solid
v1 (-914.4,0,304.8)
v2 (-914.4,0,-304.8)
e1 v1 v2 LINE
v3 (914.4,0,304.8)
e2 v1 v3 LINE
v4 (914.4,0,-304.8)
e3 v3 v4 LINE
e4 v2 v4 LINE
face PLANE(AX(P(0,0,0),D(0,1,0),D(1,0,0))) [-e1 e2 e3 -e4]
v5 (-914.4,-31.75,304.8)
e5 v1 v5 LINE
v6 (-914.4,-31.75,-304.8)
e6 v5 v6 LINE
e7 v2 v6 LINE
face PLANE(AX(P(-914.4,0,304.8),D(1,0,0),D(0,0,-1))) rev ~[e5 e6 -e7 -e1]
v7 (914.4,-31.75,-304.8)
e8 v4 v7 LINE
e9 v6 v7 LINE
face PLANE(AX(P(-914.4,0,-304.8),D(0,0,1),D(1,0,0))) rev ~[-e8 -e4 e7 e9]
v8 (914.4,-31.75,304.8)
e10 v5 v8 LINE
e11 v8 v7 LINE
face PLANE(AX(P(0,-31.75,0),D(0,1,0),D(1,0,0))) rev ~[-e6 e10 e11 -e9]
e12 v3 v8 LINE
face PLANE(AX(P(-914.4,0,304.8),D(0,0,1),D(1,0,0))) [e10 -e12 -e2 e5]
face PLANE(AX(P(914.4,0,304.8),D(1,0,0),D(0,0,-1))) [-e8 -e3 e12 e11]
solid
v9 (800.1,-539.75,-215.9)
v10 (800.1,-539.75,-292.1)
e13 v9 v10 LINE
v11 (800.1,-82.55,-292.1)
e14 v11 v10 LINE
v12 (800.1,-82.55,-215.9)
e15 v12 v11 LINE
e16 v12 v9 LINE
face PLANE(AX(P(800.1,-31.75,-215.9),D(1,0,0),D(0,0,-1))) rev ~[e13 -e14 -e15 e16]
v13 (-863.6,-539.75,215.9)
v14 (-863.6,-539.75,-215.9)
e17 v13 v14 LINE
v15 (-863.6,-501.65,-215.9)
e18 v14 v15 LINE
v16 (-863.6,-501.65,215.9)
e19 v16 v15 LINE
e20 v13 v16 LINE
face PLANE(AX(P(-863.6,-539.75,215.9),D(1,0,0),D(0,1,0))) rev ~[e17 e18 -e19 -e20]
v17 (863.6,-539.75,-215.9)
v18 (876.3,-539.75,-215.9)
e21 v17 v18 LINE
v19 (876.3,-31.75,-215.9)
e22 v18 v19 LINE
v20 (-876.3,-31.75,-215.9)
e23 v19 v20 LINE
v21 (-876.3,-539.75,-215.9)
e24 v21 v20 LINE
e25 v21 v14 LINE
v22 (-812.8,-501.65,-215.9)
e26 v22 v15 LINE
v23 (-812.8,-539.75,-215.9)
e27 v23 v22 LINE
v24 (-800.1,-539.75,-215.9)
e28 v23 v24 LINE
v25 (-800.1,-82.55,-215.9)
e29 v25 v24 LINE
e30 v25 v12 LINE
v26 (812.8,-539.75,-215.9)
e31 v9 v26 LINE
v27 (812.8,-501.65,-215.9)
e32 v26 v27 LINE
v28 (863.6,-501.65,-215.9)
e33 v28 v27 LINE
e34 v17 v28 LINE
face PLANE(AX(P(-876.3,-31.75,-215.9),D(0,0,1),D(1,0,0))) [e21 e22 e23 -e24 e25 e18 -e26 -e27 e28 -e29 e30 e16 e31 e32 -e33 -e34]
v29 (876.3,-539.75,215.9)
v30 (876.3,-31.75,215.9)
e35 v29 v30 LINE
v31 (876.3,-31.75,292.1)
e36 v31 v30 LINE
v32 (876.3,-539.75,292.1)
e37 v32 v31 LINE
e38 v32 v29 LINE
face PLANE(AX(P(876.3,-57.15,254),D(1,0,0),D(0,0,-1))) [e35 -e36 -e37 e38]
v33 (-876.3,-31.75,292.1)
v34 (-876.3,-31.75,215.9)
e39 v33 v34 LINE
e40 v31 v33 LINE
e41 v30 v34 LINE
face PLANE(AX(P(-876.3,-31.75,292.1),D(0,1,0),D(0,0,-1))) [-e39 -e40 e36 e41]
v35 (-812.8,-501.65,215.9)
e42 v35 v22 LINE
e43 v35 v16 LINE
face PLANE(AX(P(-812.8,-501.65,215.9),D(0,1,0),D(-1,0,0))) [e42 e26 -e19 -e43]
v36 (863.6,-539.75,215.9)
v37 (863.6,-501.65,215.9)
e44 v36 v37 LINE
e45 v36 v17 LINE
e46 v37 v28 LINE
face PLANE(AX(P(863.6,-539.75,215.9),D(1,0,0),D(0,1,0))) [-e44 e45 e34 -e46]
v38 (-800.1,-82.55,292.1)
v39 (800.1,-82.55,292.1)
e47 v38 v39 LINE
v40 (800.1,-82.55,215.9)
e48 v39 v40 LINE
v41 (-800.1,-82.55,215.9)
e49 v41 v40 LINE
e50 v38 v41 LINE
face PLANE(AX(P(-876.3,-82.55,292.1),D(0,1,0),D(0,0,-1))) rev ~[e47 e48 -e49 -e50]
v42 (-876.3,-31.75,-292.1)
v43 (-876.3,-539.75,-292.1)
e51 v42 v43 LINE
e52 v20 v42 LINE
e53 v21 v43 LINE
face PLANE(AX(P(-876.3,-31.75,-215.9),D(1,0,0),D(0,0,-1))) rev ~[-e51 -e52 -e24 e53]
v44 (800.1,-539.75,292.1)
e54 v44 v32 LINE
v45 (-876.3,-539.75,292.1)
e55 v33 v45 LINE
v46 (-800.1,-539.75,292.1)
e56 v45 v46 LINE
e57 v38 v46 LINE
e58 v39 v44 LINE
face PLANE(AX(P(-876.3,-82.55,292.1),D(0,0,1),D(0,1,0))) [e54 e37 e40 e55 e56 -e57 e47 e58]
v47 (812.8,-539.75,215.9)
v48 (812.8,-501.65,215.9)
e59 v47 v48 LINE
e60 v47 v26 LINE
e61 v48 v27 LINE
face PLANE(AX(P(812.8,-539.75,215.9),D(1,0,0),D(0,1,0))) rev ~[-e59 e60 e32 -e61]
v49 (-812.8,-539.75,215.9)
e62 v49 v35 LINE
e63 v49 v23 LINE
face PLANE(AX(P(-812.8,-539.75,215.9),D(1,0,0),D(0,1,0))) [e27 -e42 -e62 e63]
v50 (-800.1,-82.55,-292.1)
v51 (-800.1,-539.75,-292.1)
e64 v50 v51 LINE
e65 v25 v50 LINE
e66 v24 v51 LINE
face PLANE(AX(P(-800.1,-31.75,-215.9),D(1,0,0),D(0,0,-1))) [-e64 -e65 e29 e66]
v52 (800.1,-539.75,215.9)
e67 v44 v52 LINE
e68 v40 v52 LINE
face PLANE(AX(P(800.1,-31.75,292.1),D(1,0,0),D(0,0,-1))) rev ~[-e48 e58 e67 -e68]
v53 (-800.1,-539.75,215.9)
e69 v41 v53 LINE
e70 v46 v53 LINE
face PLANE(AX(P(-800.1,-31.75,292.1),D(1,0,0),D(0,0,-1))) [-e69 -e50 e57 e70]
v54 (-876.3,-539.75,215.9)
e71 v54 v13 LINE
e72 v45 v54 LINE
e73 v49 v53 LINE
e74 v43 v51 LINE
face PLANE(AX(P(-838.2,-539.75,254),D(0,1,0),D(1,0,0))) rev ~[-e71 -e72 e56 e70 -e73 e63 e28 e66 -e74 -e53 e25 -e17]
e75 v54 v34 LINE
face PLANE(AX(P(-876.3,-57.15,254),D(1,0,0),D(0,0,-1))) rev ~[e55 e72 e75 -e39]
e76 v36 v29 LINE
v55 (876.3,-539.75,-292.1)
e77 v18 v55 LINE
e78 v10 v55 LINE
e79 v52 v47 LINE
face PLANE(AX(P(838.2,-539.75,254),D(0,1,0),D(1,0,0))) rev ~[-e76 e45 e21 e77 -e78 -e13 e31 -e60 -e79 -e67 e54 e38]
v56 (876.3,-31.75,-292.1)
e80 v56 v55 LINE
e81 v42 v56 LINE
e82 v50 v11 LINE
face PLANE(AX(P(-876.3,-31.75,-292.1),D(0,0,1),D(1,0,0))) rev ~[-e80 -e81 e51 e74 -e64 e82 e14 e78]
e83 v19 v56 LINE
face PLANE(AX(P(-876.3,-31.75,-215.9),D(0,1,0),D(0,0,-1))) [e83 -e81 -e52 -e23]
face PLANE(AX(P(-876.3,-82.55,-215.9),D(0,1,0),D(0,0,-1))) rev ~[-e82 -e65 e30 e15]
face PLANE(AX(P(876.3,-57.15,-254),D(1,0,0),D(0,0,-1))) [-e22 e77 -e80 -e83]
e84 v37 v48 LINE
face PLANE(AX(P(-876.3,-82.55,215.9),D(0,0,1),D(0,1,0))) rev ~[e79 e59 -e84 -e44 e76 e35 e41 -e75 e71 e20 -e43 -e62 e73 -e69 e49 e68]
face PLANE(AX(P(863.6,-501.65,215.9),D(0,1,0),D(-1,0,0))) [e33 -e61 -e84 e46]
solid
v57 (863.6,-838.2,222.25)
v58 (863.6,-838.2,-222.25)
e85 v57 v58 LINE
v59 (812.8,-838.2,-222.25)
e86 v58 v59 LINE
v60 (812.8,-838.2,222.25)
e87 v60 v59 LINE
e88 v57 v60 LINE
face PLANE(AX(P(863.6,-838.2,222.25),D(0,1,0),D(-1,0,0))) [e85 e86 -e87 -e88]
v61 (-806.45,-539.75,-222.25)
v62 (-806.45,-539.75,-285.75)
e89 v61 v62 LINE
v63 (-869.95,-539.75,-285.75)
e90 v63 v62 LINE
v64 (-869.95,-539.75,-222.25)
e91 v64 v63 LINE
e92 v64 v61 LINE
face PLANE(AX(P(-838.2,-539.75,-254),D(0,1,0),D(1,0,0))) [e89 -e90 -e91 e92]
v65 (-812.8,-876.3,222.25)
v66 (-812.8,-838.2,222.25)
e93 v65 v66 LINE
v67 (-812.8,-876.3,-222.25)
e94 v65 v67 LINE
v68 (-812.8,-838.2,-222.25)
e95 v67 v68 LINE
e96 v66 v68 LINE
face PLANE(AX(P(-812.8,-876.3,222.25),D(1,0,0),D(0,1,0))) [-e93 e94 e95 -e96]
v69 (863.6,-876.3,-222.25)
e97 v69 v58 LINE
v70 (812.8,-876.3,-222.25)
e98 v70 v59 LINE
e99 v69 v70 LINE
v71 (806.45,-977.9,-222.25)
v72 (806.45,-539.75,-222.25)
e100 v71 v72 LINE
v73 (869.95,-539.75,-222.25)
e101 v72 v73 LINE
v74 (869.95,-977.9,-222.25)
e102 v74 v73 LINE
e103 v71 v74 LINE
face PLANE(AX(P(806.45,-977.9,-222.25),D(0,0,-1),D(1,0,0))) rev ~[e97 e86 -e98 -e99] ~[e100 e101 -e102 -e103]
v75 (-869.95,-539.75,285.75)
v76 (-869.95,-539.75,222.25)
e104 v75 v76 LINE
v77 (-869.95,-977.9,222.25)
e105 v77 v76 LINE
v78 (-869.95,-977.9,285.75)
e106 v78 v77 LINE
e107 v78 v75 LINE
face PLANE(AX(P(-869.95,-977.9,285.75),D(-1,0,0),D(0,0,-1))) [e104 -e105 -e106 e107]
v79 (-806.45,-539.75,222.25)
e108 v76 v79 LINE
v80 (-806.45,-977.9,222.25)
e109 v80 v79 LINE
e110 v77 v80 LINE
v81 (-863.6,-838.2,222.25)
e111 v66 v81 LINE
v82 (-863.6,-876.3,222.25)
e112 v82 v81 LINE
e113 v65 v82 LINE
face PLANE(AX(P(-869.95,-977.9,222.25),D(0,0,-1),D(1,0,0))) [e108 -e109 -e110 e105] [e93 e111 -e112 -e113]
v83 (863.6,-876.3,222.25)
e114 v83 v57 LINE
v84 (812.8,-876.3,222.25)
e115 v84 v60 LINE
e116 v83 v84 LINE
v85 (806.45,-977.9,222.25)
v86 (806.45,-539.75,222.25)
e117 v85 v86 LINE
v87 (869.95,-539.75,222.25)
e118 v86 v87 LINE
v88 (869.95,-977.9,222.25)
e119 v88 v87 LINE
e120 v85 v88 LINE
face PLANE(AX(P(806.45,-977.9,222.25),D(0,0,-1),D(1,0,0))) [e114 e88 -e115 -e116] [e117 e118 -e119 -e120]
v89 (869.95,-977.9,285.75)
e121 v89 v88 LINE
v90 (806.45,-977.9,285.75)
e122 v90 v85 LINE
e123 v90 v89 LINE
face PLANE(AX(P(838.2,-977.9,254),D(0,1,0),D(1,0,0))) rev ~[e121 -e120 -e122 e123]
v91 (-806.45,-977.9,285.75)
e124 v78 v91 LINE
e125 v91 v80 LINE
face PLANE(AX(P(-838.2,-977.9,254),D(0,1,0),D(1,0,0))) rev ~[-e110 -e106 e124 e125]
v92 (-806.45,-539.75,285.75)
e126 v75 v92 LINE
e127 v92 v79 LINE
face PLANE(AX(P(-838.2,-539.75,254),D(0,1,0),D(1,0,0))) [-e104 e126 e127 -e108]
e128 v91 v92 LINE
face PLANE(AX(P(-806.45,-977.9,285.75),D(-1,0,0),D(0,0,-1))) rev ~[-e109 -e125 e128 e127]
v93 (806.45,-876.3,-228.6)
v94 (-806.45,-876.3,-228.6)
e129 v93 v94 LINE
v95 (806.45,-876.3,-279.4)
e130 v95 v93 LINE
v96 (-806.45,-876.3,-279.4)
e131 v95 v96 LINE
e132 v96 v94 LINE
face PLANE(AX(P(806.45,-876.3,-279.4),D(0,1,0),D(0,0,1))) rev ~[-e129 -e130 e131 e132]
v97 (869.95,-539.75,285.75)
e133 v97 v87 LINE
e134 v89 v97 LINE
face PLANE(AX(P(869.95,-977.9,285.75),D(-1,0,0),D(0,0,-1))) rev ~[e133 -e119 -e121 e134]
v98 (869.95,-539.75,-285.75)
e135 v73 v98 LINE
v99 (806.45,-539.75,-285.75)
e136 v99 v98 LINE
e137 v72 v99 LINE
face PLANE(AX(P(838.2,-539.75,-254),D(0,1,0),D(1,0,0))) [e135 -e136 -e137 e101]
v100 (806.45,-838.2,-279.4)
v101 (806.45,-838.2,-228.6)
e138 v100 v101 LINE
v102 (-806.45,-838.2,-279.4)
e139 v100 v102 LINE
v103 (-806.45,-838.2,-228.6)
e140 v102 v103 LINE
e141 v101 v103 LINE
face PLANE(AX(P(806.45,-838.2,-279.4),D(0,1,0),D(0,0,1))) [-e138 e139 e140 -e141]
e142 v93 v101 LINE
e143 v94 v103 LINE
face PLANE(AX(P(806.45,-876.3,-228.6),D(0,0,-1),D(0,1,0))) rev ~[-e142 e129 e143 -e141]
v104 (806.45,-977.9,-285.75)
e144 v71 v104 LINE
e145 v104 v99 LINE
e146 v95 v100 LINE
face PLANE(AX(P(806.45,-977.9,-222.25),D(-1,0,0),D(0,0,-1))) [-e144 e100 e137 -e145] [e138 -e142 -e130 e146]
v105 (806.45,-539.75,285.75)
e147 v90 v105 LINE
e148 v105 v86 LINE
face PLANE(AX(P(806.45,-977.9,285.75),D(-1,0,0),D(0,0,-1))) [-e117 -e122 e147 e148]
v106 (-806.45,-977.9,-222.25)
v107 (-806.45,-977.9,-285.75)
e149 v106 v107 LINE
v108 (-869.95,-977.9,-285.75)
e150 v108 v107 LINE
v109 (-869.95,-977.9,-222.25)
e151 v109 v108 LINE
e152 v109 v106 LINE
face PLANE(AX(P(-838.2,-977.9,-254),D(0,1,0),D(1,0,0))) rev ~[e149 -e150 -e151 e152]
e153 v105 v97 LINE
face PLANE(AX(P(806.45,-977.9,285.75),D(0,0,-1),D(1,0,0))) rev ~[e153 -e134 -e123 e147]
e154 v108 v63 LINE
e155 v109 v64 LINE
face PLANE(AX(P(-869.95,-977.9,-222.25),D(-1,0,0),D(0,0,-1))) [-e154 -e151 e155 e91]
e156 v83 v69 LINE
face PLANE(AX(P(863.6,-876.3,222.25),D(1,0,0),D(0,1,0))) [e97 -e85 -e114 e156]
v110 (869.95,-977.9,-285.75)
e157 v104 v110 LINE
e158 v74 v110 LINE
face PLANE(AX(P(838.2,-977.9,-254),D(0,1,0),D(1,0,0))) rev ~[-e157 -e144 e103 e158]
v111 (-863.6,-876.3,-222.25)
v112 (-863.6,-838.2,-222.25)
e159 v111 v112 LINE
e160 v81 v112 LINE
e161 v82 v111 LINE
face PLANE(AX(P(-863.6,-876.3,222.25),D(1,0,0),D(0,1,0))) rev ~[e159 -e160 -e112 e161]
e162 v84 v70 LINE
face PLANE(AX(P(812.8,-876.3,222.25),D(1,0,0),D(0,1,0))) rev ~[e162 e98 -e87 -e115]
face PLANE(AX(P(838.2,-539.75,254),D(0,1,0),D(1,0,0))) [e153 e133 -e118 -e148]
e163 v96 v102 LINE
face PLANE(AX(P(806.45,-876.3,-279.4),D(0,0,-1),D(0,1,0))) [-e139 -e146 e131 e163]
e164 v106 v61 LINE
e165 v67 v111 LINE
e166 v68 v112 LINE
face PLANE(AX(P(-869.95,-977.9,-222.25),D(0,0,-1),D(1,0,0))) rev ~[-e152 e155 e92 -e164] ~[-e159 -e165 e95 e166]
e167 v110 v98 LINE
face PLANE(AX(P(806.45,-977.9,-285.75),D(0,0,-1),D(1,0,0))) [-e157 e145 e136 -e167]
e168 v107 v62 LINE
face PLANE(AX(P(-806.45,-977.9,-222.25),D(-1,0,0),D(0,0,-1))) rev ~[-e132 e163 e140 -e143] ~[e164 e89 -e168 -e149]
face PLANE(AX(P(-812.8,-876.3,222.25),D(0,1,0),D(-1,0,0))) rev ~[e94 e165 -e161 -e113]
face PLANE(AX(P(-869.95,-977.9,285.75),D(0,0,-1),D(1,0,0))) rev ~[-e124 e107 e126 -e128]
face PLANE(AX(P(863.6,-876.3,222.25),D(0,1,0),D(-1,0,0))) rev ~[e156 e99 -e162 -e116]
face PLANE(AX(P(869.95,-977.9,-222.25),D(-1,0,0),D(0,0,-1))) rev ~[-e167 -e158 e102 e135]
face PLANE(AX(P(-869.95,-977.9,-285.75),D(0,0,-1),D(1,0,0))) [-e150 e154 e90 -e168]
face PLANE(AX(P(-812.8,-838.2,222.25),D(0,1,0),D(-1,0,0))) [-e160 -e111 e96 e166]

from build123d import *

# Parameters (mm, degrees)
SKETCH1_W                  = 1828.8
SKETCH1_H                  = 609.6
BOSS_EXTRUDE1_DEPTH        = 31.75
BOSS_EXTRUDE2_DEPTH        = 876.3
BOSS_EXTRUDE2_DEPTH_BACK   = 876.3
SKETCH2_W                  = 76.2
SKETCH2_H                  = 50.8
BOSS_EXTRUDE2_2_DEPTH      = 876.3
BOSS_EXTRUDE2_2_DEPTH_BACK = 876.3
SKETCH3_W                  = 76.2
SKETCH3_H                  = 76.2
BOSS_EXTRUDE3_DEPTH        = 508
SKETCH4_W                  = 50.8
SKETCH4_H                  = 38.1
BOSS_EXTRUDE4_DEPTH        = 431.8
SKETCH6_W                  = 63.5
SKETCH6_H                  = 63.5
BOSS_EXTRUDE5_DEPTH        = 438.15
BOSS_EXTRUDE5_2_DEPTH      = 438.15
BOSS_EXTRUDE5_3_DEPTH      = 438.15
BOSS_EXTRUDE5_4_DEPTH      = 438.15
SKETCH7_W                  = 50.8
SKETCH7_H                  = 38.1
BOSS_EXTRUDE6_DEPTH        = 444.5
SKETCH8_W                  = 50.8
SKETCH8_H                  = 38.1
BOSS_EXTRUDE7_DEPTH        = 1612.9


with BuildPart() as part:
    # Sketch1 → Boss-Extrude1 (new body)
    with BuildSketch(Plane(origin=(0, 0, 0), x_dir=(1, 0, 0), z_dir=(0, 1, 0))):
        Rectangle(SKETCH1_W, SKETCH1_H)
    extrude(amount=-BOSS_EXTRUDE1_DEPTH)


with BuildPart() as body_2:
    # Sketch2 → Boss-Extrude2 (new, two sides: drawn at the far end of the back side and taken through both)
    with BuildSketch(Plane(origin=(0, 0, 0), x_dir=(0, 0, -1), z_dir=(1, 0, 0)).offset(-BOSS_EXTRUDE2_DEPTH_BACK)):
        with Locations((-254, -57.15)):
            Rectangle(SKETCH2_W, SKETCH2_H)
    extrude(amount=BOSS_EXTRUDE2_DEPTH + BOSS_EXTRUDE2_DEPTH_BACK)



with BuildPart() as body_3:
    # Sketch2 → Boss-Extrude2 2 (new, two sides: drawn at the far end of the back side and taken through both)
    with BuildSketch(Plane(origin=(0, 0, 0), x_dir=(0, 0, -1), z_dir=(1, 0, 0)).offset(-BOSS_EXTRUDE2_2_DEPTH_BACK)):
        with Locations((254, -57.15)):
            Rectangle(SKETCH2_W, SKETCH2_H)
    extrude(amount=BOSS_EXTRUDE2_2_DEPTH + BOSS_EXTRUDE2_2_DEPTH_BACK)


with BuildPart() as body_2_1:
    add(body_2.part)

    add(body_3.part)  # Boss-Extrude3 merges body 3
    # Sketch3 → Boss-Extrude3 (add)
    with BuildSketch(Plane(origin=(0, -31.75, 0), x_dir=(1, 0, 0), z_dir=(0, 1, 0))):
        with Locations((838.2, -254)):
            Rectangle(SKETCH3_W, SKETCH3_H)
        with Locations((-838.2, -254)):
            Rectangle(SKETCH3_W, SKETCH3_H)
        with Locations((-838.2, 254)):
            Rectangle(SKETCH3_W, SKETCH3_H)
        with Locations((838.2, 254)):
            Rectangle(SKETCH3_W, SKETCH3_H)
    extrude(amount=-BOSS_EXTRUDE3_DEPTH)

    # Sketch4 → Boss-Extrude4 (add)
    with BuildSketch(Plane(origin=(0, 0, 215.9), x_dir=(-1, 0, 0), z_dir=(0, 0, -1))):
        with Locations((-838.2, -520.7)):
            Rectangle(SKETCH4_W, SKETCH4_H)
        with Locations((838.2, -520.7)):
            Rectangle(SKETCH4_W, SKETCH4_H)
    extrude(amount=BOSS_EXTRUDE4_DEPTH)


with BuildPart() as body_3_2:
    # Sketch6 → Boss-Extrude5 (new body)
    with BuildSketch(Plane(origin=(0, -977.9, 0), x_dir=(1, 0, 0), z_dir=(0, 1, 0))):
        with Locations((-838.2, 254)):
            Rectangle(SKETCH6_W, SKETCH6_H)
    extrude(amount=BOSS_EXTRUDE5_DEPTH)



with BuildPart() as body_4:
    # Sketch6 → Boss-Extrude5 2 (new body)
    with BuildSketch(Plane(origin=(0, -977.9, 0), x_dir=(1, 0, 0), z_dir=(0, 1, 0))):
        with Locations((-838.2, -254)):
            Rectangle(SKETCH6_W, SKETCH6_H)
    extrude(amount=BOSS_EXTRUDE5_2_DEPTH)


with BuildPart() as body_5:
    # Sketch6 → Boss-Extrude5 3 (new body)
    with BuildSketch(Plane(origin=(0, -977.9, 0), x_dir=(1, 0, 0), z_dir=(0, 1, 0))):
        with Locations((838.2, -254)):
            Rectangle(SKETCH6_W, SKETCH6_H)
    extrude(amount=BOSS_EXTRUDE5_3_DEPTH)


with BuildPart() as body_6:
    # Sketch6 → Boss-Extrude5 4 (new body)
    with BuildSketch(Plane(origin=(0, -977.9, 0), x_dir=(1, 0, 0), z_dir=(0, 1, 0))):
        with Locations((838.2, 254)):
            Rectangle(SKETCH6_W, SKETCH6_H)
    extrude(amount=BOSS_EXTRUDE5_4_DEPTH)


with BuildPart() as body_3_2_1:
    add(body_3_2.part)

    add(body_4.part)  # Boss-Extrude6 merges body 4

    add(body_5.part)  # Boss-Extrude6 merges body 5

    add(body_6.part)  # Boss-Extrude6 merges body 6
    # Sketch7 → Boss-Extrude6 (add)
    with BuildSketch(Plane(origin=(0, 0, 222.25), x_dir=(-1, 0, 0), z_dir=(0, 0, -1))):
        with Locations((-838.2, -857.25)):
            Rectangle(SKETCH7_W, SKETCH7_H)
        with Locations((838.2, -857.25)):
            Rectangle(SKETCH7_W, SKETCH7_H)
    extrude(amount=BOSS_EXTRUDE6_DEPTH)

    # Sketch8 → Boss-Extrude7 (add)
    with BuildSketch(Plane.ZY.offset(-806.45)):
        with Locations((-254, -857.25)):
            Rectangle(SKETCH8_W, SKETCH8_H)
    extrude(amount=BOSS_EXTRUDE7_DEPTH)


solid = Compound([part.part, body_2_1.part, body_3_2_1.part])
